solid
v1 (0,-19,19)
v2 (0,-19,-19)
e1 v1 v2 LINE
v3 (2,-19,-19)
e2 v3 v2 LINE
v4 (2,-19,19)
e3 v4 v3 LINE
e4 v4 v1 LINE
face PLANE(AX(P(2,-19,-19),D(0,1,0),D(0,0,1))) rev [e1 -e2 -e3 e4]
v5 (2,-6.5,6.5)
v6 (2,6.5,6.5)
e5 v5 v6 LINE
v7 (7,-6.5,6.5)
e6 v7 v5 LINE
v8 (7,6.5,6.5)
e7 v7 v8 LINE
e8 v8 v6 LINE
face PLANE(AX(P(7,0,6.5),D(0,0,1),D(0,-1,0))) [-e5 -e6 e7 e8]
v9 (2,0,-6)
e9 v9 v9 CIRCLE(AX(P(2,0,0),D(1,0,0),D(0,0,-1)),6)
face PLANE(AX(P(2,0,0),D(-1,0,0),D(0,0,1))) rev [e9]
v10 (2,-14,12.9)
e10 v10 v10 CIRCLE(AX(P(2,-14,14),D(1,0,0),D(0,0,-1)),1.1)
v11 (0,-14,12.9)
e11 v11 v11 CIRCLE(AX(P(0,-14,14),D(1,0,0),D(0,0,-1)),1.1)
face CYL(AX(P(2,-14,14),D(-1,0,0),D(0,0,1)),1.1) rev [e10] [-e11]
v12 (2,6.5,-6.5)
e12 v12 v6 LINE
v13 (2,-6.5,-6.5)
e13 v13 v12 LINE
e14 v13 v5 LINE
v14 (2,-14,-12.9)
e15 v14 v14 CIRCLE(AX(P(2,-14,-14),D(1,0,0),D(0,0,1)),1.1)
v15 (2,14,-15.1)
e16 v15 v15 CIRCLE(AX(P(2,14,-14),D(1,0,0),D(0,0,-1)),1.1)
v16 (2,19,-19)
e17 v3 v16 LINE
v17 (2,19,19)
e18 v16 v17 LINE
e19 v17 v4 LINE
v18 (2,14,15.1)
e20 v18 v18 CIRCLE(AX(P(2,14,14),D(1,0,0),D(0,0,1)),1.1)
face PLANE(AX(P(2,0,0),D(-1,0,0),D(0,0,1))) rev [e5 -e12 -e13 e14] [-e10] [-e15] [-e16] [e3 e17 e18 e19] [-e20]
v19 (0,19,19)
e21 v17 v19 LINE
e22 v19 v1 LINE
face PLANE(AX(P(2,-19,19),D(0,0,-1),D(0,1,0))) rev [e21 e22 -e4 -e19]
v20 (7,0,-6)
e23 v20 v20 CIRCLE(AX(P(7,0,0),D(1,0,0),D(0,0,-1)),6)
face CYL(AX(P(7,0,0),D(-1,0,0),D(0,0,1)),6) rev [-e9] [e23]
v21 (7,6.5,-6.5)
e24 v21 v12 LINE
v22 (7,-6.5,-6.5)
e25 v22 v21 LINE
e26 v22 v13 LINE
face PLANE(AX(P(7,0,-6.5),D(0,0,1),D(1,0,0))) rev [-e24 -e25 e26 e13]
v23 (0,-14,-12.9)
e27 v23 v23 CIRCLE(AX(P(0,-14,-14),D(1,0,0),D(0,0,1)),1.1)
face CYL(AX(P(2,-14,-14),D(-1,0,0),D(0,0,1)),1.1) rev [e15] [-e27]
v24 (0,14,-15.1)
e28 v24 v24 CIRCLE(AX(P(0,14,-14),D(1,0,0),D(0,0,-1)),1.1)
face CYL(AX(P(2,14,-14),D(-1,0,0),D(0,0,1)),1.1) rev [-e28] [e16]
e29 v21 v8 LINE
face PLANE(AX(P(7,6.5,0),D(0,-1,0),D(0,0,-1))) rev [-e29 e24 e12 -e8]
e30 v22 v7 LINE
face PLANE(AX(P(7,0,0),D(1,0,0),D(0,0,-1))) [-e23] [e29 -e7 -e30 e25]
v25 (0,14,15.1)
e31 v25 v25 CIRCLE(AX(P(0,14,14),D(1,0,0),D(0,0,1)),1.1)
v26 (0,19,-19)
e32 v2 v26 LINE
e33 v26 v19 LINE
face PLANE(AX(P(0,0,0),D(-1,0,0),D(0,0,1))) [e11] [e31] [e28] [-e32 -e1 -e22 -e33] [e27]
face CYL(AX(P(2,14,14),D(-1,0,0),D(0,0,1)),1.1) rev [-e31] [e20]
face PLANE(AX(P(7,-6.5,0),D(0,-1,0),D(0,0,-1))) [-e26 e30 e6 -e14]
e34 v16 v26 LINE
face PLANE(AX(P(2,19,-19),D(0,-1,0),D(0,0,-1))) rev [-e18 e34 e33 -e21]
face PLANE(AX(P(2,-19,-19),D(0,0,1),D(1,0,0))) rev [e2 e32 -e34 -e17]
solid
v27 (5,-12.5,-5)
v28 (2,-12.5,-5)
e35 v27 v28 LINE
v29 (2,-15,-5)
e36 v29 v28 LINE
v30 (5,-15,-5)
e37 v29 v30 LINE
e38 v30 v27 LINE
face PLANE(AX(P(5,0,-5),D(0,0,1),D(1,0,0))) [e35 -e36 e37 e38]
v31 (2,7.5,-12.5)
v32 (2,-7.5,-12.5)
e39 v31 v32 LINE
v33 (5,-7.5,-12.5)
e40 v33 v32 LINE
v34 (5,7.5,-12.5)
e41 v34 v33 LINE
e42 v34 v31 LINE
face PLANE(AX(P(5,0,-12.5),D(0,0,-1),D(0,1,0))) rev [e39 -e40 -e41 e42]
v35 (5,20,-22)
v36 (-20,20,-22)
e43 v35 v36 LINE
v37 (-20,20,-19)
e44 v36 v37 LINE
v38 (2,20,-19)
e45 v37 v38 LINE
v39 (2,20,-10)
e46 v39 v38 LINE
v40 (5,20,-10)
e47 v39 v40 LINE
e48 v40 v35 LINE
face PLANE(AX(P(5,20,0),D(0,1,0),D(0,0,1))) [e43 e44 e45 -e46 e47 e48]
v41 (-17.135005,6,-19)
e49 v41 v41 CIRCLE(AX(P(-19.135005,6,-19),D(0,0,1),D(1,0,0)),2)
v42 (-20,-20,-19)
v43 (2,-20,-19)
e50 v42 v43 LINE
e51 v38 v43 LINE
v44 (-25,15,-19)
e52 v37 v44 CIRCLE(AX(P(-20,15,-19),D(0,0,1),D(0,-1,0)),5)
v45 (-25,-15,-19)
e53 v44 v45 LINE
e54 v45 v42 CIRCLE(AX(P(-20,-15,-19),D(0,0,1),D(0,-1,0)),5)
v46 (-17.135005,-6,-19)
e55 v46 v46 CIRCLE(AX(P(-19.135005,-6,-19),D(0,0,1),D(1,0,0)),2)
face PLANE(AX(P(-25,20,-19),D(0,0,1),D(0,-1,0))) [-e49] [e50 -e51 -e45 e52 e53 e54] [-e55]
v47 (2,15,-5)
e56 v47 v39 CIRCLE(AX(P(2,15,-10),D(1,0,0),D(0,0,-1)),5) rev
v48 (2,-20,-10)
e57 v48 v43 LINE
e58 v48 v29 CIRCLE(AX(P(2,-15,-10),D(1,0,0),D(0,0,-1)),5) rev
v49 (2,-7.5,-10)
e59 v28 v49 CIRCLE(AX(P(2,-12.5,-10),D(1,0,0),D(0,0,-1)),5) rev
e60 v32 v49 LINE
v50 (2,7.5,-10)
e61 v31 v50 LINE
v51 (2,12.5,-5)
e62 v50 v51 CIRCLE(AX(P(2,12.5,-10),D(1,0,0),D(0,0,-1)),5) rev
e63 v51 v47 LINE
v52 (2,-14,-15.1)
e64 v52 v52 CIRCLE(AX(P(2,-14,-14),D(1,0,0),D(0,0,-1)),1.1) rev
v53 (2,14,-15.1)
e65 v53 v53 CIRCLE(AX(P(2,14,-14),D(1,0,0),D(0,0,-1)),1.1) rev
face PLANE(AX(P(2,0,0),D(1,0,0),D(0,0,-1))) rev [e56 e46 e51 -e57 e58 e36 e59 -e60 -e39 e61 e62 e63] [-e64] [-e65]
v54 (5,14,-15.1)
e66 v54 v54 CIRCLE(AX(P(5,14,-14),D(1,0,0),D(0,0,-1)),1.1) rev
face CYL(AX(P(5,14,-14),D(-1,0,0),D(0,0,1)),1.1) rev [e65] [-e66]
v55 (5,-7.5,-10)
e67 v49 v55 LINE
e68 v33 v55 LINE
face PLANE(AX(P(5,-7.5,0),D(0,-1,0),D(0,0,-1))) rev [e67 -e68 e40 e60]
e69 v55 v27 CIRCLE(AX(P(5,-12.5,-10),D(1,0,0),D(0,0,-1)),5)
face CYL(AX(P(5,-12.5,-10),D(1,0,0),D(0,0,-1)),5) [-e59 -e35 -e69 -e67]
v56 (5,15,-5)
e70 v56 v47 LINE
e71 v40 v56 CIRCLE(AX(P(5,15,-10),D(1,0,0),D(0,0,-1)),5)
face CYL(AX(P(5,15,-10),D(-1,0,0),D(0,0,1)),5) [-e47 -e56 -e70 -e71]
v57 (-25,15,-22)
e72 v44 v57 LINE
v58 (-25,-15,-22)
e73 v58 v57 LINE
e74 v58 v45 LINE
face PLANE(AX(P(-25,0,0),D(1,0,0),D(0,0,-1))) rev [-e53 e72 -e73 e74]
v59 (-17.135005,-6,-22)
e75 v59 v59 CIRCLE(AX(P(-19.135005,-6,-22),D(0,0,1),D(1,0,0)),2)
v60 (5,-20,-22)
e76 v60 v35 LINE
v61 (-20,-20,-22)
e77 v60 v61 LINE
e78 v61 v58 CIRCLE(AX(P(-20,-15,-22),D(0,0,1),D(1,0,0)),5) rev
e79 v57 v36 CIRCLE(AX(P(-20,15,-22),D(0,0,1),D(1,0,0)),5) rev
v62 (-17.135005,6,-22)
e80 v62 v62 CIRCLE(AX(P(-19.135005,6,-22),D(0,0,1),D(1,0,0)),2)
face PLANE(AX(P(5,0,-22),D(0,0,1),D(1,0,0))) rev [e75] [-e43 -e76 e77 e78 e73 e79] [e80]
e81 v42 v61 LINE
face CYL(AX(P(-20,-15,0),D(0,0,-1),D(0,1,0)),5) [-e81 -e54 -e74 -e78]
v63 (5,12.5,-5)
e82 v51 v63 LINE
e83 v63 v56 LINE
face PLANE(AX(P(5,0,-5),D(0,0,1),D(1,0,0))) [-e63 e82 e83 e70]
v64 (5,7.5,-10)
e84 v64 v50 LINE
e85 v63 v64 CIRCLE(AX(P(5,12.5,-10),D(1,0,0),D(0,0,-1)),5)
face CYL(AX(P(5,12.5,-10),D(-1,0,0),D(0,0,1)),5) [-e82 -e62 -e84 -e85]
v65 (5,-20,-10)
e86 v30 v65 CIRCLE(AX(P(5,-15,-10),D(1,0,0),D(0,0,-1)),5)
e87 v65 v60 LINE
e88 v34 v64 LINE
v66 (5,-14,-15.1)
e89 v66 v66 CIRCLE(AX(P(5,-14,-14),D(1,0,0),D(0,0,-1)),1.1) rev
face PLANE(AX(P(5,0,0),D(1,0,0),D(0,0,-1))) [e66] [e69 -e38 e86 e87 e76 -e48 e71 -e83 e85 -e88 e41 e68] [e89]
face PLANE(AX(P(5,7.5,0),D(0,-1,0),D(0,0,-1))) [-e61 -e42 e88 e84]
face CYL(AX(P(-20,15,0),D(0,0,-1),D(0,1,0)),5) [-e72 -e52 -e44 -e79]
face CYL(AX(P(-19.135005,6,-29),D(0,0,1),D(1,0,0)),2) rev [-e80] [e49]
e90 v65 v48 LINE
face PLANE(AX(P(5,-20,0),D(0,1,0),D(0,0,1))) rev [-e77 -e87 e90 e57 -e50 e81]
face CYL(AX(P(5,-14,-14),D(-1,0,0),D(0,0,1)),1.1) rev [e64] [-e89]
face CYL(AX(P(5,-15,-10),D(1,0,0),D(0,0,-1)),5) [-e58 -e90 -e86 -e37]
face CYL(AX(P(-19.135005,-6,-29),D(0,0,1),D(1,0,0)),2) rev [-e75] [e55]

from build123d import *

# Parameters (mm, degrees)
SKETCH1_W           = 38
SKETCH1_H           = 38
SKETCH1_R           = 1.1
BOSS_EXTRUDE1_DEPTH = 2
SKETCH2_R           = 6.5
SKETCH2_R_2         = 6
BOSS_EXTRUDE2_DEPTH = 5
SKETCH3_R           = 1.1
BOSS_EXTRUDE3_DEPTH = 3
SKETCH4_W           = 40
SKETCH4_H           = 3
BOSS_EXTRUDE4_DEPTH = 30
SKETCH5_R           = 2
CUT_EXTRUDE1_DEPTH  = 10
FILLET1_R           = 5


with BuildPart() as part:
    # Sketch1 → Boss-Extrude1 (new body)
    with BuildSketch(Plane.YZ):
        Rectangle(SKETCH1_W, SKETCH1_H)
        with Locations(Location((-14, 14, 0), (0, 0, 270))):
            Circle(SKETCH1_R, mode=Mode.SUBTRACT)
        with Locations(Location((-14, -14, 0), (0, 0, 90))):
            Circle(SKETCH1_R, mode=Mode.SUBTRACT)
        with Locations(Location((14, -14, 0), (0, 0, 270))):
            Circle(SKETCH1_R, mode=Mode.SUBTRACT)
        with Locations(Location((14, 14, 0), (0, 0, 90))):
            Circle(SKETCH1_R, mode=Mode.SUBTRACT)
    extrude(amount=BOSS_EXTRUDE1_DEPTH)

    # Sketch2 → Boss-Extrude2 (add)
    # profile 1 of 5: a face of its own
    with BuildSketch(Plane.YZ.offset(2)):
        with BuildLine():
            Line((-6.5, 6.5), (-6.5, 8e-09))
            ThreePointArc((-6.5, 8e-09), (-4.596194075, 4.596194081), (0, 6.5))
            Line((0, 6.5), (-6.5, 6.5))
        make_face()
    # profile 2 of 5: a face of its own
    with BuildSketch(Plane.YZ.offset(2)):
        with BuildLine():
            ThreePointArc((0, 6.5), (4.596194078, 4.596194078), (6.5, 0))
            Line((6.5, 0), (6.5, 6.5))
            Line((6.5, 6.5), (0, 6.5))
        make_face()
    # profile 3 of 5: a face of its own
    with BuildSketch(Plane.YZ.offset(2)):
        Circle(SKETCH2_R)
        with Locations(Location((0, 0, 0), (0, 0, 270))):
            Circle(SKETCH2_R_2, mode=Mode.SUBTRACT)
    # profile 4 of 5: a face of its own
    with BuildSketch(Plane.YZ.offset(2)):
        with BuildLine():
            ThreePointArc((6.5, 0), (4.596194078, -4.596194078), (0, -6.5))
            Line((0, -6.5), (6.5, -6.5))
            Line((6.5, -6.5), (6.5, 0))
        make_face()
    # profile 5 of 5: a face of its own
    with BuildSketch(Plane.YZ.offset(2)):
        with BuildLine():
            Line((-6.5, 8e-09), (-6.5, -6.5))
            Line((-6.5, -6.5), (0, -6.5))
            ThreePointArc((0, -6.5), (-4.596194081, -4.596194075), (-6.5, 8e-09))
        make_face()
    extrude(amount=BOSS_EXTRUDE2_DEPTH)


with BuildPart() as body_2:
    # Sketch3 → Boss-Extrude3 (new body)
    # profile 1 of 2: a face of its own
    with BuildSketch(Plane.YZ.offset(2)):
        Polygon((19, -5), (7.5, -5), (7.5, -12.5), (-7.5, -12.5), (-7.5, -5), (-19, -5), (-19, -19), (19, -19), align=None)
        with Locations(Location((-14, -14, 0), (0, 0, 270))):
            Circle(SKETCH3_R, mode=Mode.SUBTRACT)
        with Locations(Location((14, -14, 0), (0, 0, 270))):
            Circle(SKETCH3_R, mode=Mode.SUBTRACT)
    # profile 2 of 2: a face of its own
    with BuildSketch(Plane.YZ.offset(2)):
        Polygon((20, -5), (19, -5), (19, -19), (-19, -19), (-19, -5), (-20, -5), (-20, -22), (20, -22), align=None)
    extrude(amount=BOSS_EXTRUDE3_DEPTH)

    # Sketch4 → Boss-Extrude4 (add)
    with BuildSketch(Plane.YZ.offset(5)):
        with Locations((0, -20.5)):
            Rectangle(SKETCH4_W, SKETCH4_H)
    extrude(amount=-BOSS_EXTRUDE4_DEPTH)

    # Sketch5 → Cut-Extrude1 (cut)
    with BuildSketch(Plane.XY.offset(-19)):
        with Locations((-19.135005254, 6)):
            Circle(SKETCH5_R)
        with Locations((-19.135005254, -6)):
            Circle(SKETCH5_R)
    extrude(amount=-CUT_EXTRUDE1_DEPTH, mode=Mode.SUBTRACT)

    # Fillet1
    fillet1_edges = [body_2.edges().sort_by_distance(p)[0] for p in [
        (3.5, 7.5, -5),
        (3.5, 20, -5),
        (3.5, -20, -5),
        (3.5, -7.5, -5),
        (-25, 20, -20.5),
        (-25, -20, -20.5),
    ]]
    fillet(fillet1_edges, radius=FILLET1_R)


solid = Compound([part.part, body_2.part])
